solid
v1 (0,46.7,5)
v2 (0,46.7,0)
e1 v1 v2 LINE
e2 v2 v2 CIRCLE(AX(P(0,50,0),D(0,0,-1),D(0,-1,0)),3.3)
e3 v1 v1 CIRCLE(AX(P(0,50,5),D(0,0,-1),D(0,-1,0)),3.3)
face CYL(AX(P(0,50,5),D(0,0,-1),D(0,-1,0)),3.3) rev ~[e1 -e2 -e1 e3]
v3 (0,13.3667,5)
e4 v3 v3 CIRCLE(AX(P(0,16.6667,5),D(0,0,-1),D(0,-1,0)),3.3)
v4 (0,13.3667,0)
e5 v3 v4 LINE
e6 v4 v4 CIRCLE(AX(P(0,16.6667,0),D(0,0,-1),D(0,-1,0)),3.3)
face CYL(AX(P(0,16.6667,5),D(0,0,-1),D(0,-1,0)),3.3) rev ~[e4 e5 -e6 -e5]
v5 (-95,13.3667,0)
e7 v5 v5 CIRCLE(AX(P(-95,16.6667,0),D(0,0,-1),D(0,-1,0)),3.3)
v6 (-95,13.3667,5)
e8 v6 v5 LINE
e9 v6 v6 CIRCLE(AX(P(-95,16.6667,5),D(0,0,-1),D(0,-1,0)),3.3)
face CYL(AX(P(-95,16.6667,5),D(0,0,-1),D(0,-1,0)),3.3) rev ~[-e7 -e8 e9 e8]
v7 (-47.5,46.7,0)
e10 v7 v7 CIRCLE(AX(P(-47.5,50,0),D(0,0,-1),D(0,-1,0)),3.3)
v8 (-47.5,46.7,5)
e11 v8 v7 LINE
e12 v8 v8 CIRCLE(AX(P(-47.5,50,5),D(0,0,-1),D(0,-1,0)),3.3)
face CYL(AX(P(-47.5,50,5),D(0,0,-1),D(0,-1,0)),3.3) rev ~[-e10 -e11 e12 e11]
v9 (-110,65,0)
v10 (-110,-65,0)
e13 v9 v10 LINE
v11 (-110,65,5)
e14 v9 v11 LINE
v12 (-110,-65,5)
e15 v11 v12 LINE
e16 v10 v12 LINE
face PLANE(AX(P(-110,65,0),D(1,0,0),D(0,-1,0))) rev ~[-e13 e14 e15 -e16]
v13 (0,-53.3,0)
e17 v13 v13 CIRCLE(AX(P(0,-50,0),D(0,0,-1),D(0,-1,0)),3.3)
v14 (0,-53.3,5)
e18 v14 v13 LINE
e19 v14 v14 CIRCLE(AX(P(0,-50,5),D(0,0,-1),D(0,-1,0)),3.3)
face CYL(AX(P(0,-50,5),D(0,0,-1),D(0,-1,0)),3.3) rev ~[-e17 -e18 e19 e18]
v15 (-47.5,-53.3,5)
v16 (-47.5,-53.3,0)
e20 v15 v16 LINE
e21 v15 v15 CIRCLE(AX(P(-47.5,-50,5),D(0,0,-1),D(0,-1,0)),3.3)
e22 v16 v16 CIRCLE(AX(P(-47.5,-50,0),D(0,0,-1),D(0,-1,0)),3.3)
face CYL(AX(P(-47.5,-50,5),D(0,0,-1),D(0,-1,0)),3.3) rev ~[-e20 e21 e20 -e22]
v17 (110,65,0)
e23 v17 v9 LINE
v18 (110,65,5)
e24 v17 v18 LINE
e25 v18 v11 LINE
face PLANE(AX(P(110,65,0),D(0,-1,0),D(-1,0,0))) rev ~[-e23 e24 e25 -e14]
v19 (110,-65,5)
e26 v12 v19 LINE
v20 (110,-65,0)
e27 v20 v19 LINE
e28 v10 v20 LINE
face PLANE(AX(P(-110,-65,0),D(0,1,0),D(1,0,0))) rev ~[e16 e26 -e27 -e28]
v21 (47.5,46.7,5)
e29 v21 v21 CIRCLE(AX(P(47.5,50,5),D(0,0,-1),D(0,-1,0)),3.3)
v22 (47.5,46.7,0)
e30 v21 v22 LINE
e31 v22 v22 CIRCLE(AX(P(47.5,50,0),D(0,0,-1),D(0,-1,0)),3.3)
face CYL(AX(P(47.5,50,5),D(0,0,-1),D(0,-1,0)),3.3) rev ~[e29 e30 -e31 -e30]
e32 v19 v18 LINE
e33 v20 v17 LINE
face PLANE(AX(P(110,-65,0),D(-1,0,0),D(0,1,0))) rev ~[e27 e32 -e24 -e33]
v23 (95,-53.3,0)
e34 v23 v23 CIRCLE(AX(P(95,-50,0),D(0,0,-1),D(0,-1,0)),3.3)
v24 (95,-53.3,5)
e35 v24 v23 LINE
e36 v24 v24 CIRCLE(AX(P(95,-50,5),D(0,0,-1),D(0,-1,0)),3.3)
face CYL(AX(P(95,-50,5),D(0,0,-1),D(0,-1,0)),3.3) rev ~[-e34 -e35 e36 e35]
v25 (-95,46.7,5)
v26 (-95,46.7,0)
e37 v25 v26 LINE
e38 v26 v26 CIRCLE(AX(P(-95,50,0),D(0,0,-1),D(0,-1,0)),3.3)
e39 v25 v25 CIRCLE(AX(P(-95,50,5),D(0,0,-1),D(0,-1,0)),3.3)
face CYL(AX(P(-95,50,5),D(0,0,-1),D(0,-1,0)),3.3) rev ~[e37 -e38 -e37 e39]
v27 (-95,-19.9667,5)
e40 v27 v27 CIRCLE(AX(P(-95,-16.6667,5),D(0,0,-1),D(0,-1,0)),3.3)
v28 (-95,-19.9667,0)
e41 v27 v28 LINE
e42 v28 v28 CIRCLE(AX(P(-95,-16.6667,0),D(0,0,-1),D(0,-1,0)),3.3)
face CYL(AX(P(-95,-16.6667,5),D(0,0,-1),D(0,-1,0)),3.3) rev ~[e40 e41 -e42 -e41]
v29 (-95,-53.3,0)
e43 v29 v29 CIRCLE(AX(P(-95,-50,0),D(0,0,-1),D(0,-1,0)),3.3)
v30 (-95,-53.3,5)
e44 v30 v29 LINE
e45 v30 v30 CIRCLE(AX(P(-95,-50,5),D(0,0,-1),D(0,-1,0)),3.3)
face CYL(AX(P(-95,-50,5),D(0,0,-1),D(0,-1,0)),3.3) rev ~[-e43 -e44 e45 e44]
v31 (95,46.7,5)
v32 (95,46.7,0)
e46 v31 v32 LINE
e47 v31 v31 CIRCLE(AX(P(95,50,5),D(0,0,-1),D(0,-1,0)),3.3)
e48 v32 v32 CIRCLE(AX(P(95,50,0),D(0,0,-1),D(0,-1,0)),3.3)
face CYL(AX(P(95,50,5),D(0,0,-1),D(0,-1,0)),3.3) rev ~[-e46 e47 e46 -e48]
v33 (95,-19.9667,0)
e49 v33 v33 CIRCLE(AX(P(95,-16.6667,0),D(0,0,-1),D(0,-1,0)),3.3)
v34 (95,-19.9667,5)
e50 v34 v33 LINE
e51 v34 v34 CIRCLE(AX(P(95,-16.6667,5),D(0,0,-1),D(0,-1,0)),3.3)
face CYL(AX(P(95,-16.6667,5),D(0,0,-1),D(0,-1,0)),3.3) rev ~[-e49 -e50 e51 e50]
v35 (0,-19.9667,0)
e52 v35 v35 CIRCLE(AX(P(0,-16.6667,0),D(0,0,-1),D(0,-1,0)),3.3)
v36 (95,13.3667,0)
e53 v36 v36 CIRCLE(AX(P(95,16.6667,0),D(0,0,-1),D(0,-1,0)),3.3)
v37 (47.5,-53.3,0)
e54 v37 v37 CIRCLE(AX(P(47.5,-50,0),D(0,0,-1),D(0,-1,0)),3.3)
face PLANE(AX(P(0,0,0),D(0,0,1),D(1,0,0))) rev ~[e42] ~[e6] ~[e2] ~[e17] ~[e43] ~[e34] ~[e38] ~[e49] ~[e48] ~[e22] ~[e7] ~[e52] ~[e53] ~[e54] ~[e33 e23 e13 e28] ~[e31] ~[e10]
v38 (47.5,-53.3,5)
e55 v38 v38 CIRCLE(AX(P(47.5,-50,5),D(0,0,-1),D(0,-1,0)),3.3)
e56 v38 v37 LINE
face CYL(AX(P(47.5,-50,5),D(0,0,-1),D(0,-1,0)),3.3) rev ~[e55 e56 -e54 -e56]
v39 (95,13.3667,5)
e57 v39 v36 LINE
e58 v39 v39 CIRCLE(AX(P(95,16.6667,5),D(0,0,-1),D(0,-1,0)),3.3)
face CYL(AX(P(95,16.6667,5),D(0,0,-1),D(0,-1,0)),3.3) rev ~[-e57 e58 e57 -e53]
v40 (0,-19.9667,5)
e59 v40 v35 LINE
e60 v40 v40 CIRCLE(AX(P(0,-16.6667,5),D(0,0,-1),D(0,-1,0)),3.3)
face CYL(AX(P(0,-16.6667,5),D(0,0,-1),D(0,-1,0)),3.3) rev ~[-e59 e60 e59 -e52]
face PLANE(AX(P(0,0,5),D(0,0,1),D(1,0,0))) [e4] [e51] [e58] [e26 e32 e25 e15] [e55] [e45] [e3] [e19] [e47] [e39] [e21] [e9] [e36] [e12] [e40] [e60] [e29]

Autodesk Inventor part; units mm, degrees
ref_plane "YZ Plane" through (0, 0, 0) normal (1, 0, 0) x (0, 1, 0)
ref_plane "XZ Plane" through (0, 0, 0) normal (0, 1, 0) x (-1, 0, 0)
ref_plane "XY Plane" through (0, 0, 0) normal (0, 0, 1) x (1, 0, 0)
sketch "Skizze1" plane through (0, 0, 0) normal (0, 0, 1) x (1, 0, 0)
  line L0 (-110, -65) -> (110, -65)
  line L1 (110, -65) -> (110, 65)
  line L2 (110, 65) -> (-110, 65)
  line L3 (-110, 65) -> (-110, -65)
  line L4 (-110, -65) -> (110, 65) construction
  line L5 (110, -65) -> (-110, 65) construction
  point P0 (0, 0)
  dimension "d0" = 220
  dimension "d1" = 130
extrude "Grundkörper" add sketch "Skizze1" along normal blind 5
sketch "Skizze2" plane through (0, 0, 5) normal (0, 0, 1) x (1, 0, 0)
  line L0 (110, 65) -> (-110, 65) construction
  line L1 (-110, 65) -> (-110, -65) construction
  line L2 (110, -65) -> (110, 65) construction
  line L3 (-110, -65) -> (110, -65) construction
  line L4 (-95, -50) -> (95, -50) construction
  line L5 (95, -50) -> (95, 50) construction
  line L6 (95, 50) -> (-95, 50) construction
  line L7 (-95, 50) -> (-95, -50) construction
  line L8 (-95, -50) -> (95, 50) construction
  line L9 (95, -50) -> (-95, 50) construction
  line L10 (0, 65) -> (0, -65) construction
  point P0 (0, 0)
  point P1 (0, 50)
  point P2 (-95, 16.6667)
  point P3 (-95, -16.6667)
  point P4 (-95, -50)
  point P5 (0, 50)
  point P6 (0, 16.6667)
  point P7 (0, -16.6667)
  point P8 (0, -50)
  point P9 (-47.5, 50)
  point P10 (-47.5, -50)
  point P11 (0, 50)
  point P12 (0, -50)
  point P13 (95, 50)
  point P14 (95, 16.6667)
  point P15 (95, -16.6667)
  point P16 (95, -50)
  point P17 (95, -50)
  point P18 (47.5, 50)
  point P19 (47.5, -50)
  dimension "d4" = 15
  dimension "d5" = 15
  dimension "d6" = 100
  dimension "d7" = 190
  dimension "d17" = 33.3333
  dimension "d20" = 95
  dimension "d25" = 47.5
hole "Boh_M6" at (-95, 50, 5) at (0, 50, 5) at (-95, 16.6667, 5) at (-95, -16.6667, 5) at (-95, -50, 5) at (-95, -50, 5) at (0, 16.6667, 5) at (0, -16.6667, 5) at (0, -50, 5) at (-47.5, 50, 5) at (-47.5, -50, 5) at (47.5, 50, 5) at (95, 50, 5) at (95, 16.6667, 5) at (95, -16.6667, 5) at (95, -50, 5) at (95, -50, 5) at (47.5, -50, 5) direction (0, 0, -1) diameter 6.6 end through all
equation "\"d0\" = Chassis_Width"
equation "\"d17\" = 0.333333 * d6"
equation "\"d20\" = 0.5 * d7"
equation "\"d25\" = 0.25 * d7"
equation "\"Chassis_Width\" = 220"
equation "\"Rocker_Screw_Distance\" = 32.5"
equation "\"Rocker_Screw_Distance_Bottom\" = 76"
properties part number "100-10-FRAME-DIFFERENTIAL-REINF-01" material "Aluminium 6061"
